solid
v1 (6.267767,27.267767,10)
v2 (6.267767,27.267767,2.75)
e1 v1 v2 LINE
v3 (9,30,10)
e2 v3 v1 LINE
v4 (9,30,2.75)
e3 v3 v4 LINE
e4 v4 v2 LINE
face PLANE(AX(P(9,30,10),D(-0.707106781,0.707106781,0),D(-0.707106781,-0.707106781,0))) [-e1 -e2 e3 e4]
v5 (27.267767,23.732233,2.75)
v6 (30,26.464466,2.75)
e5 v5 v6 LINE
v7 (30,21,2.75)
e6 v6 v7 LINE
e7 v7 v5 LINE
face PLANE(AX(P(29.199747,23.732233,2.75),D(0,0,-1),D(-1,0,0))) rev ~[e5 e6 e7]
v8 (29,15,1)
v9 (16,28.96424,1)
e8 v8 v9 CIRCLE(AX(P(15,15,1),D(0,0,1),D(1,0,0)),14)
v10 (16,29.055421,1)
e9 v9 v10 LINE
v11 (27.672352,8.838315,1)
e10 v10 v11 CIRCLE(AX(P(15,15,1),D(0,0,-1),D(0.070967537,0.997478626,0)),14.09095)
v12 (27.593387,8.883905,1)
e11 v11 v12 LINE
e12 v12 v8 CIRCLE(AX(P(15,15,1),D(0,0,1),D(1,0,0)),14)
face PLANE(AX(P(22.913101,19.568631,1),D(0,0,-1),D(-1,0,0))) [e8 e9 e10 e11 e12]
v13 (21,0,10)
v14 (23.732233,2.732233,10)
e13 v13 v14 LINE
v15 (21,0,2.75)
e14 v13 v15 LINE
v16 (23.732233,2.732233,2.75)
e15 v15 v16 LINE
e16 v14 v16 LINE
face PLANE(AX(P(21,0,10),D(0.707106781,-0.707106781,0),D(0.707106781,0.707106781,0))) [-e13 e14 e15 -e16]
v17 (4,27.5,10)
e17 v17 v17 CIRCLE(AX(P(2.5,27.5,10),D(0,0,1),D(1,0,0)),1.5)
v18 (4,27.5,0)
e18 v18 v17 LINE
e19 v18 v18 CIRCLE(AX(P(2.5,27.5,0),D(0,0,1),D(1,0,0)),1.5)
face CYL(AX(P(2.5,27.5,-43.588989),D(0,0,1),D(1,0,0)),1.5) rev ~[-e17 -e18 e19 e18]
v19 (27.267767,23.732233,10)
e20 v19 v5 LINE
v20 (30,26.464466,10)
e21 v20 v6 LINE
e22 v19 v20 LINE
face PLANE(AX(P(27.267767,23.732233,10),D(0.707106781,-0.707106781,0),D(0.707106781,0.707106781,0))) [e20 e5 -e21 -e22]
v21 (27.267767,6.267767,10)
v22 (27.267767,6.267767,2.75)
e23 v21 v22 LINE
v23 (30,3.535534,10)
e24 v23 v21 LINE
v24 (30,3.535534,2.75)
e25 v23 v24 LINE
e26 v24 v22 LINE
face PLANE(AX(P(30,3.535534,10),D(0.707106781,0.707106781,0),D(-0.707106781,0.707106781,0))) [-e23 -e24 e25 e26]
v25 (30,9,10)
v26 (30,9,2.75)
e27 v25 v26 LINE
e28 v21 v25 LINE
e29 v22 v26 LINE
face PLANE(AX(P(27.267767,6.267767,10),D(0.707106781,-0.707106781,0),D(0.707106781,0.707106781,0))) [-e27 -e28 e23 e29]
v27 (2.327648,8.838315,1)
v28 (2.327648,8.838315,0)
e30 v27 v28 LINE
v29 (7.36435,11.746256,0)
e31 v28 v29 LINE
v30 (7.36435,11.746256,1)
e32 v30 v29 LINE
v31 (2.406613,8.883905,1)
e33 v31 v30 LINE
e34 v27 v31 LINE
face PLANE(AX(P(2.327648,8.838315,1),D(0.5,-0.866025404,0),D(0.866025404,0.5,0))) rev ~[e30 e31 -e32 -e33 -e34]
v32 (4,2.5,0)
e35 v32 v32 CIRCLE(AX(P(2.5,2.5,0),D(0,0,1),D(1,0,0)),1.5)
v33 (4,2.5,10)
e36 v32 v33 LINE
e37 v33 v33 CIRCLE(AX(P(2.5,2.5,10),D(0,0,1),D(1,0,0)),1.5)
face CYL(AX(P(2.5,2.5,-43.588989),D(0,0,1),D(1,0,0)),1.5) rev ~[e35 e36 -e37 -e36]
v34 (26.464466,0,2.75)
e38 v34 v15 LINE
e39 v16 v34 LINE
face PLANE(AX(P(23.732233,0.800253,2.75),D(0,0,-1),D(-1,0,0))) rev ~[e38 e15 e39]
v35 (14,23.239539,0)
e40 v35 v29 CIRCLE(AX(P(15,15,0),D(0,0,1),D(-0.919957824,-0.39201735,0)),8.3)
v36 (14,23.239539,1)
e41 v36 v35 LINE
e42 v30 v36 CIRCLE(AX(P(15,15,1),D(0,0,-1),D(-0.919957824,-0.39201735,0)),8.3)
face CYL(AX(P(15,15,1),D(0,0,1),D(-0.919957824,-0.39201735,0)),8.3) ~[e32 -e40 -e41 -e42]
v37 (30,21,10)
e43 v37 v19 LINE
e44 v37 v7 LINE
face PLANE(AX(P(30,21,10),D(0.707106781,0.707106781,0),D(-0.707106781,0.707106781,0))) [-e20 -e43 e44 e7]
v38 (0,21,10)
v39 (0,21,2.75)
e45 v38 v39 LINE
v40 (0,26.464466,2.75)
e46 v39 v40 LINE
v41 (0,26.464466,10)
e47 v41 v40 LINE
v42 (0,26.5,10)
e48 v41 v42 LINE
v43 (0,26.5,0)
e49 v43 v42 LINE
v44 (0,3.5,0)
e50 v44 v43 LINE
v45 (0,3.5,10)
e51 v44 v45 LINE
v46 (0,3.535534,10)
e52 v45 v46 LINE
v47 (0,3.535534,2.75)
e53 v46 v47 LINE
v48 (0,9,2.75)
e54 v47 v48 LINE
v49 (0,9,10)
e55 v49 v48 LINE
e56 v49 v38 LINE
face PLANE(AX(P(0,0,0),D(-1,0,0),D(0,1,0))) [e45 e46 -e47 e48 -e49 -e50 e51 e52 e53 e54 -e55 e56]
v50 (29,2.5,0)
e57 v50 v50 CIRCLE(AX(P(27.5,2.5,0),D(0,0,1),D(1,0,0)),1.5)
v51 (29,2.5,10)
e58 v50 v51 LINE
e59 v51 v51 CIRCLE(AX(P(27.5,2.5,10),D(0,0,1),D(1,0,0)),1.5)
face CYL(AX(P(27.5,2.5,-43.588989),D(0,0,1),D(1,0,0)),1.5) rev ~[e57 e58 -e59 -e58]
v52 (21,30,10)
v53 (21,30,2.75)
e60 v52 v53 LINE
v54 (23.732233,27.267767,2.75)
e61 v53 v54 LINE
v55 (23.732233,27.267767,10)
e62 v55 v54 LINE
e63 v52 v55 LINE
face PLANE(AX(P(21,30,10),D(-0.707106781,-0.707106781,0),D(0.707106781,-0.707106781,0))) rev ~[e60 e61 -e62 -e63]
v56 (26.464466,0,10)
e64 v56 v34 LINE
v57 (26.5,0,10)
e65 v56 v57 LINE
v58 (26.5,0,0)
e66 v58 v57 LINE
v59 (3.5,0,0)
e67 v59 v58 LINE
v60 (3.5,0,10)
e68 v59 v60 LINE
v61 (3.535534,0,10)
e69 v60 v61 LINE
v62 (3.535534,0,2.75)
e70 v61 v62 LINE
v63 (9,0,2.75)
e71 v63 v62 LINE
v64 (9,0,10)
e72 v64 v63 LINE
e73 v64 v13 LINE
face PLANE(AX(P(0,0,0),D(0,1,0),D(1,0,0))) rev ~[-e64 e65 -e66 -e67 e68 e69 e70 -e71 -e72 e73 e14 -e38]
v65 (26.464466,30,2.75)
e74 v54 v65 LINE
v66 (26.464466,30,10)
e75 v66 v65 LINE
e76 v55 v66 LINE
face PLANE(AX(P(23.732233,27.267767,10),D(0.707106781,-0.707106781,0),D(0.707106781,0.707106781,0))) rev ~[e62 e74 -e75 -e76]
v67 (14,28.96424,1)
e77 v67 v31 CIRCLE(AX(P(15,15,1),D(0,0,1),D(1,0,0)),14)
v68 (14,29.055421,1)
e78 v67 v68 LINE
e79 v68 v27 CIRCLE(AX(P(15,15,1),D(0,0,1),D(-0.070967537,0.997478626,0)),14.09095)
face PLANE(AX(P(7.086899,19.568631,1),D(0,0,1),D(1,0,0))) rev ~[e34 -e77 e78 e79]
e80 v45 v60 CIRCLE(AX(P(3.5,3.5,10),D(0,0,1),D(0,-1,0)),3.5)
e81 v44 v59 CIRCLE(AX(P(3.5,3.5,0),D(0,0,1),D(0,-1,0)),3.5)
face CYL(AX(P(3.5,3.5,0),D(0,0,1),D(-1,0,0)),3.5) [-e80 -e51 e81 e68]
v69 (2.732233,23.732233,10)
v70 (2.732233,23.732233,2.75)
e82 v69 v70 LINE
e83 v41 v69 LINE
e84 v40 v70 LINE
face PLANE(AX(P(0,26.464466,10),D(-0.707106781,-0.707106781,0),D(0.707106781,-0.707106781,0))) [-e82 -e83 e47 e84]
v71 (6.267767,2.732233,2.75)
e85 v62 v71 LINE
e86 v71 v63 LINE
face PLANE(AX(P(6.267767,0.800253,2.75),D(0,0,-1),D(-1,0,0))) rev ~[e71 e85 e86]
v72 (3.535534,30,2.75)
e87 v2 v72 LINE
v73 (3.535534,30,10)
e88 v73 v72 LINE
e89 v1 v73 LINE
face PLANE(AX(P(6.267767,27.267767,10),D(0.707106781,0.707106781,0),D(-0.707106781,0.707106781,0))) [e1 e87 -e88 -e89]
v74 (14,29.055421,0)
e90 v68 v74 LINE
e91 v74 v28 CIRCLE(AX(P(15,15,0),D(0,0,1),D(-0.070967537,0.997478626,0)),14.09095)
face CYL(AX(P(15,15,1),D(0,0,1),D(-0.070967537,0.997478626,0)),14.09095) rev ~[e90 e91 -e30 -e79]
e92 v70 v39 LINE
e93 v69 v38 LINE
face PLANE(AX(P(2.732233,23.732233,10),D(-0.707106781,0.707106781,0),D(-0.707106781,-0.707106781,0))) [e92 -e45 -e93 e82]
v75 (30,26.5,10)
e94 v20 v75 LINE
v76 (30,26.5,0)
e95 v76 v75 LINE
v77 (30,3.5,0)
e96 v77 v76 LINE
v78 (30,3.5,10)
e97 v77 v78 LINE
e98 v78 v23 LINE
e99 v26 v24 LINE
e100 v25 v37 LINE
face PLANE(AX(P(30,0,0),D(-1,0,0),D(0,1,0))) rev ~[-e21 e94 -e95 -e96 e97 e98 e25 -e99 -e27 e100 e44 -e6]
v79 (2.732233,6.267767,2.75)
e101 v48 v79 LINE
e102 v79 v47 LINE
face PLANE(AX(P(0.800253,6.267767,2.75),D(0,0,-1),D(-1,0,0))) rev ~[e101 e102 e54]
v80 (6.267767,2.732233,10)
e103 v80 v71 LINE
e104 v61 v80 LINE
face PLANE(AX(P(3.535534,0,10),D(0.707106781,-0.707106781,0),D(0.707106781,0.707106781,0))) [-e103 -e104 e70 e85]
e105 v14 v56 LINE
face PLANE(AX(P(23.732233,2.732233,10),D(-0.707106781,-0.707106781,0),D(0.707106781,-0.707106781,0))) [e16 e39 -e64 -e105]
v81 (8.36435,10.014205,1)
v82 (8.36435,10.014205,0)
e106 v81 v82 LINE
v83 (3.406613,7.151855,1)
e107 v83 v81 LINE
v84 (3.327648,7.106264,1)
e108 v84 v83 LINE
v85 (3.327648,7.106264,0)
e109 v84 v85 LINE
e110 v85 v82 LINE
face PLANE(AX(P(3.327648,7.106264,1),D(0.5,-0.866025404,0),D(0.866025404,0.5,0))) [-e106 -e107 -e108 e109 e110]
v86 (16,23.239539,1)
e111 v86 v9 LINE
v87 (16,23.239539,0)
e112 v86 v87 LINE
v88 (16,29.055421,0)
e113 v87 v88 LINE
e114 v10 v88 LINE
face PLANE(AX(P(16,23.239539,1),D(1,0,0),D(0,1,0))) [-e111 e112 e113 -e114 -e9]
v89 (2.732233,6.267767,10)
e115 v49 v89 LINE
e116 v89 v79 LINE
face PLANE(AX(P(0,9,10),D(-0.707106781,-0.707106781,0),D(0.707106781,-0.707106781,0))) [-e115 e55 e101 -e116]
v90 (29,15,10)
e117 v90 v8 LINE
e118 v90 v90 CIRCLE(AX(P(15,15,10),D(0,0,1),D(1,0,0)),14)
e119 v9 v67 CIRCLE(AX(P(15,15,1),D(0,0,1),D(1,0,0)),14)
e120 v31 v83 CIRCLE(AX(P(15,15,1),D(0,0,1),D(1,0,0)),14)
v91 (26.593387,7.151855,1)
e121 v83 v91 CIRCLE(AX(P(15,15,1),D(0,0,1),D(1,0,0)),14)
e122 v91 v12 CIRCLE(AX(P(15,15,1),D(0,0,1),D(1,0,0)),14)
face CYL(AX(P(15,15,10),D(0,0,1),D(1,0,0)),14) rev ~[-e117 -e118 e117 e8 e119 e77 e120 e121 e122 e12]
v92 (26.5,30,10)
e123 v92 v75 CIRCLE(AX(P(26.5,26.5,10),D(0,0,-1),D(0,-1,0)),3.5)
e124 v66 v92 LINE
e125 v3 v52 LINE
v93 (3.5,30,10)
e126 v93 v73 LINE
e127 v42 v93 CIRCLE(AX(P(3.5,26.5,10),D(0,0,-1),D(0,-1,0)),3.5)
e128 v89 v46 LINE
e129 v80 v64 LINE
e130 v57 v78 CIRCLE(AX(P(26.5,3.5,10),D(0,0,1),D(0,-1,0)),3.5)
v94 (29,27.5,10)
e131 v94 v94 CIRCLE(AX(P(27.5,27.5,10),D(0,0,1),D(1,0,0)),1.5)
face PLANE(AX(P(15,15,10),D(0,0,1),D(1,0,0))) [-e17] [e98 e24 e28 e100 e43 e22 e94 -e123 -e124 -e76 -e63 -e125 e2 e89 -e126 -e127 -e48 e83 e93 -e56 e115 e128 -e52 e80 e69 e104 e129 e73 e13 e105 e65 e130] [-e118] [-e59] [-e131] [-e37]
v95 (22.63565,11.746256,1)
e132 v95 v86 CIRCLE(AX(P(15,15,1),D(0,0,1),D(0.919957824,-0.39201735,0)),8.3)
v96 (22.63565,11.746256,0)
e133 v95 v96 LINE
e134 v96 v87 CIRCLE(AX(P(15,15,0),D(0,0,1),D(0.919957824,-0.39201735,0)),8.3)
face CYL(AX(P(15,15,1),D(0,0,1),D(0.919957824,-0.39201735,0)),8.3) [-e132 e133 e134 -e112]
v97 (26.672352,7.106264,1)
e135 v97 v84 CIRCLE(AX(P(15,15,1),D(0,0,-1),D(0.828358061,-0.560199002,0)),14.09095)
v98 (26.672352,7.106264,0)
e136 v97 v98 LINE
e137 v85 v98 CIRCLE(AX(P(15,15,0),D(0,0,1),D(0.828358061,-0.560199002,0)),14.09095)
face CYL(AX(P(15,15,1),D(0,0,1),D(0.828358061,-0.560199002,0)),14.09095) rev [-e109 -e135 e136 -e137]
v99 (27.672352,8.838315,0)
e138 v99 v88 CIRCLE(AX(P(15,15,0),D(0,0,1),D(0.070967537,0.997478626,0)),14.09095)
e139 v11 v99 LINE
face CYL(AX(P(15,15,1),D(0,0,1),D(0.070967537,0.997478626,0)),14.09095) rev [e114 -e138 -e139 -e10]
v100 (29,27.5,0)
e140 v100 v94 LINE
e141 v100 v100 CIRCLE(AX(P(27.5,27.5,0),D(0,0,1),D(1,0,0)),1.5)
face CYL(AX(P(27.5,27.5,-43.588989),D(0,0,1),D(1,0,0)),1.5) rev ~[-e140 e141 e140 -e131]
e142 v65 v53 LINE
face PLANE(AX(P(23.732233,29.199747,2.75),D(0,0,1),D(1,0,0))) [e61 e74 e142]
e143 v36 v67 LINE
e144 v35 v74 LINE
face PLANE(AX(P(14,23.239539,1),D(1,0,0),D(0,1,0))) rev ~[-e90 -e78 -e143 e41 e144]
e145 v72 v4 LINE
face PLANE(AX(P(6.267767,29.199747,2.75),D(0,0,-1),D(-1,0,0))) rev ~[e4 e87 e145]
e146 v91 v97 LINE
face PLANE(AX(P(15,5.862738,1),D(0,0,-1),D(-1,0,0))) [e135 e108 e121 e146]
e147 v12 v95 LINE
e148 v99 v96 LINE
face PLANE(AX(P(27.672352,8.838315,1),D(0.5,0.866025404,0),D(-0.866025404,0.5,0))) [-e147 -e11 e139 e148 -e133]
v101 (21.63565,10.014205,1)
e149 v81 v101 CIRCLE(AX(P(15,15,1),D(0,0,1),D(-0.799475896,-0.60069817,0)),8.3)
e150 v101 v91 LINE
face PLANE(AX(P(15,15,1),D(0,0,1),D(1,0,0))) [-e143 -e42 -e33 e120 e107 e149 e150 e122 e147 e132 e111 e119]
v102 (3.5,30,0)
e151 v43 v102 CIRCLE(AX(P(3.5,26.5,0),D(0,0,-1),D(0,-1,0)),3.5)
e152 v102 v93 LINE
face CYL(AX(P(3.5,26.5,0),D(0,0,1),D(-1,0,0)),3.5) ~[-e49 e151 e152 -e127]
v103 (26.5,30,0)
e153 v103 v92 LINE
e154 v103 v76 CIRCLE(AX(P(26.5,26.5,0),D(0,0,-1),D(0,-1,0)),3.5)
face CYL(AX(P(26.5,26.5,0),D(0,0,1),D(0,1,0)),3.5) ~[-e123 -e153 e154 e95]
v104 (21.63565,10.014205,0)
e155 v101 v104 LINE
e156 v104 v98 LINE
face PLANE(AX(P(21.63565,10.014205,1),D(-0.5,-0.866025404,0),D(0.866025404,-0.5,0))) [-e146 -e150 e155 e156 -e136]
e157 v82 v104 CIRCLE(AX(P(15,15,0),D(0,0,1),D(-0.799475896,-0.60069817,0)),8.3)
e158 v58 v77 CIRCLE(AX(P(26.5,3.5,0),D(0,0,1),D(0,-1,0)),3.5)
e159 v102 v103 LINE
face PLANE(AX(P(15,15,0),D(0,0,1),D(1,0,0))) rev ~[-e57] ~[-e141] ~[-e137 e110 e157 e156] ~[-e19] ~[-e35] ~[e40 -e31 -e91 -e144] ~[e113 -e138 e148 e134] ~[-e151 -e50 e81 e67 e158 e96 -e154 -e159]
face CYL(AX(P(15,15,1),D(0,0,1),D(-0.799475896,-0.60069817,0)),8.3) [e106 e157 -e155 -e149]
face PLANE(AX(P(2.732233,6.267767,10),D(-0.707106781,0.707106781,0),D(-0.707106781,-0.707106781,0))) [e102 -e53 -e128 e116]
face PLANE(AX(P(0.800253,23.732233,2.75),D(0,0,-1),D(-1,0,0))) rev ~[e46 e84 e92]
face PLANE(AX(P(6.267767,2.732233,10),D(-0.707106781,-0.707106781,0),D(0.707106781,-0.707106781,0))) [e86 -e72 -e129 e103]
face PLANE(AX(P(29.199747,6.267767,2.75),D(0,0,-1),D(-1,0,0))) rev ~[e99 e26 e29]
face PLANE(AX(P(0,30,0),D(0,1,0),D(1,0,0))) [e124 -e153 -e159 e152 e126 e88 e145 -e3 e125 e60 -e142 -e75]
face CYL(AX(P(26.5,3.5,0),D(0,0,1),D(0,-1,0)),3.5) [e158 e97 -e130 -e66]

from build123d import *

# Parameters (mm, degrees)
SKETCH1_W             = 30
SKETCH1_H             = 30
BOSS_EXTRUDE1_DEPTH   = 10
SKETCH2_R             = 14
CUT_EXTRUDE1_DEPTH    = 9
CUT_EXTRUDE2_DEPTH    = 44.370496884
F_3_0MM_DOWEL_HOLE1_D = 3
CUT_EXTRUDE3_DEPTH    = 7.25
FILLET1_R             = 3.5


with BuildPart() as part:
    # Sketch1 → Boss-Extrude1 (new body)
    with BuildSketch(Plane.XY):
        with Locations((15, 15)):
            Rectangle(SKETCH1_W, SKETCH1_H)
    extrude(amount=BOSS_EXTRUDE1_DEPTH)

    # Sketch2 → Cut-Extrude1 (cut)
    with BuildSketch(Plane.XY.offset(10)):
        with Locations((15, 15)):
            Circle(SKETCH2_R)
    extrude(amount=-CUT_EXTRUDE1_DEPTH, mode=Mode.SUBTRACT)

    # Sketch3 → Cut-Extrude2 (cut, through all)
    with BuildSketch(Plane.XY.offset(1)):
        with BuildLine():
            Line((14, 23.239538822), (14, 29.05542131))
            ThreePointArc((14, 29.05542131), (2.79687945, 22.045474934), (2.327648085, 8.838314749))
            Line((2.327648085, 8.838314749), (7.364350065, 11.746255993))
            ThreePointArc((7.364350065, 11.746255993), (7.811989149, 19.15), (14, 23.239538822))
        make_face()
        with BuildLine():
            Line((16, 23.239538822), (16, 29.05542131))
            ThreePointArc((16, 29.05542131), (27.20312055, 22.045474934), (27.672351915, 8.838314749))
            Line((27.672351915, 8.838314749), (22.635649935, 11.746255993))
            ThreePointArc((22.635649935, 11.746255993), (22.188010851, 19.15), (16, 23.239538822))
        make_face()
        with BuildLine():
            Line((21.635649935, 10.014205185), (26.672351915, 7.106263941))
            ThreePointArc((26.672351915, 7.106263941), (15, 0.909050131), (3.327648085, 7.106263941))
            Line((3.327648085, 7.106263941), (8.364350065, 10.014205185))
            ThreePointArc((8.364350065, 10.014205185), (15, 6.7), (21.635649935, 10.014205185))
        make_face()
    extrude(amount=-CUT_EXTRUDE2_DEPTH, mode=Mode.SUBTRACT)

    # Ø3.0mm Dowel Hole1 (through all)
    with Locations(Plane(origin=(0, 0, 0), x_dir=(-1, 0, 0), z_dir=(0, 0, -1))):
        with Locations((-27.5, 27.5), (-2.5, 27.5), (-2.5, 2.5), (-27.5, 2.5)):
            Hole(F_3_0MM_DOWEL_HOLE1_D / 2)

    # Sketch6 → Cut-Extrude3 (cut)
    with BuildSketch(Plane.XY.offset(10)):
        Polygon((9, 30), (6.267766953, 27.267766953), (3.535533906, 30), align=None)
        Polygon((23.732233047, 27.267766953), (26.464466094, 30), (21, 30), align=None)
        Polygon((30, 26.464466094), (30, 21), (27.267766953, 23.732233047), align=None)
        Polygon((30, 9), (30, 3.535533906), (27.267766953, 6.267766953), align=None)
        Polygon((26.464466094, 0), (21, 0), (23.732233047, 2.732233047), align=None)
        Polygon((9, 0), (3.535533906, 0), (6.267766953, 2.732233047), align=None)
        Polygon((0, 3.535533906), (0, 9), (2.732233047, 6.267766953), align=None)
        Polygon((0, 21), (0, 26.464466094), (2.732233047, 23.732233047), align=None)
    extrude(amount=-CUT_EXTRUDE3_DEPTH, mode=Mode.SUBTRACT)

    # Fillet1
    fillet1_edges = [part.edges().sort_by_distance(p)[0] for p in [
        (0, 30, 5),
        (30, 30, 5),
        (30, 0, 5),
        (0, 0, 5),
    ]]
    fillet(fillet1_edges, radius=FILLET1_R)


solid = part.part
